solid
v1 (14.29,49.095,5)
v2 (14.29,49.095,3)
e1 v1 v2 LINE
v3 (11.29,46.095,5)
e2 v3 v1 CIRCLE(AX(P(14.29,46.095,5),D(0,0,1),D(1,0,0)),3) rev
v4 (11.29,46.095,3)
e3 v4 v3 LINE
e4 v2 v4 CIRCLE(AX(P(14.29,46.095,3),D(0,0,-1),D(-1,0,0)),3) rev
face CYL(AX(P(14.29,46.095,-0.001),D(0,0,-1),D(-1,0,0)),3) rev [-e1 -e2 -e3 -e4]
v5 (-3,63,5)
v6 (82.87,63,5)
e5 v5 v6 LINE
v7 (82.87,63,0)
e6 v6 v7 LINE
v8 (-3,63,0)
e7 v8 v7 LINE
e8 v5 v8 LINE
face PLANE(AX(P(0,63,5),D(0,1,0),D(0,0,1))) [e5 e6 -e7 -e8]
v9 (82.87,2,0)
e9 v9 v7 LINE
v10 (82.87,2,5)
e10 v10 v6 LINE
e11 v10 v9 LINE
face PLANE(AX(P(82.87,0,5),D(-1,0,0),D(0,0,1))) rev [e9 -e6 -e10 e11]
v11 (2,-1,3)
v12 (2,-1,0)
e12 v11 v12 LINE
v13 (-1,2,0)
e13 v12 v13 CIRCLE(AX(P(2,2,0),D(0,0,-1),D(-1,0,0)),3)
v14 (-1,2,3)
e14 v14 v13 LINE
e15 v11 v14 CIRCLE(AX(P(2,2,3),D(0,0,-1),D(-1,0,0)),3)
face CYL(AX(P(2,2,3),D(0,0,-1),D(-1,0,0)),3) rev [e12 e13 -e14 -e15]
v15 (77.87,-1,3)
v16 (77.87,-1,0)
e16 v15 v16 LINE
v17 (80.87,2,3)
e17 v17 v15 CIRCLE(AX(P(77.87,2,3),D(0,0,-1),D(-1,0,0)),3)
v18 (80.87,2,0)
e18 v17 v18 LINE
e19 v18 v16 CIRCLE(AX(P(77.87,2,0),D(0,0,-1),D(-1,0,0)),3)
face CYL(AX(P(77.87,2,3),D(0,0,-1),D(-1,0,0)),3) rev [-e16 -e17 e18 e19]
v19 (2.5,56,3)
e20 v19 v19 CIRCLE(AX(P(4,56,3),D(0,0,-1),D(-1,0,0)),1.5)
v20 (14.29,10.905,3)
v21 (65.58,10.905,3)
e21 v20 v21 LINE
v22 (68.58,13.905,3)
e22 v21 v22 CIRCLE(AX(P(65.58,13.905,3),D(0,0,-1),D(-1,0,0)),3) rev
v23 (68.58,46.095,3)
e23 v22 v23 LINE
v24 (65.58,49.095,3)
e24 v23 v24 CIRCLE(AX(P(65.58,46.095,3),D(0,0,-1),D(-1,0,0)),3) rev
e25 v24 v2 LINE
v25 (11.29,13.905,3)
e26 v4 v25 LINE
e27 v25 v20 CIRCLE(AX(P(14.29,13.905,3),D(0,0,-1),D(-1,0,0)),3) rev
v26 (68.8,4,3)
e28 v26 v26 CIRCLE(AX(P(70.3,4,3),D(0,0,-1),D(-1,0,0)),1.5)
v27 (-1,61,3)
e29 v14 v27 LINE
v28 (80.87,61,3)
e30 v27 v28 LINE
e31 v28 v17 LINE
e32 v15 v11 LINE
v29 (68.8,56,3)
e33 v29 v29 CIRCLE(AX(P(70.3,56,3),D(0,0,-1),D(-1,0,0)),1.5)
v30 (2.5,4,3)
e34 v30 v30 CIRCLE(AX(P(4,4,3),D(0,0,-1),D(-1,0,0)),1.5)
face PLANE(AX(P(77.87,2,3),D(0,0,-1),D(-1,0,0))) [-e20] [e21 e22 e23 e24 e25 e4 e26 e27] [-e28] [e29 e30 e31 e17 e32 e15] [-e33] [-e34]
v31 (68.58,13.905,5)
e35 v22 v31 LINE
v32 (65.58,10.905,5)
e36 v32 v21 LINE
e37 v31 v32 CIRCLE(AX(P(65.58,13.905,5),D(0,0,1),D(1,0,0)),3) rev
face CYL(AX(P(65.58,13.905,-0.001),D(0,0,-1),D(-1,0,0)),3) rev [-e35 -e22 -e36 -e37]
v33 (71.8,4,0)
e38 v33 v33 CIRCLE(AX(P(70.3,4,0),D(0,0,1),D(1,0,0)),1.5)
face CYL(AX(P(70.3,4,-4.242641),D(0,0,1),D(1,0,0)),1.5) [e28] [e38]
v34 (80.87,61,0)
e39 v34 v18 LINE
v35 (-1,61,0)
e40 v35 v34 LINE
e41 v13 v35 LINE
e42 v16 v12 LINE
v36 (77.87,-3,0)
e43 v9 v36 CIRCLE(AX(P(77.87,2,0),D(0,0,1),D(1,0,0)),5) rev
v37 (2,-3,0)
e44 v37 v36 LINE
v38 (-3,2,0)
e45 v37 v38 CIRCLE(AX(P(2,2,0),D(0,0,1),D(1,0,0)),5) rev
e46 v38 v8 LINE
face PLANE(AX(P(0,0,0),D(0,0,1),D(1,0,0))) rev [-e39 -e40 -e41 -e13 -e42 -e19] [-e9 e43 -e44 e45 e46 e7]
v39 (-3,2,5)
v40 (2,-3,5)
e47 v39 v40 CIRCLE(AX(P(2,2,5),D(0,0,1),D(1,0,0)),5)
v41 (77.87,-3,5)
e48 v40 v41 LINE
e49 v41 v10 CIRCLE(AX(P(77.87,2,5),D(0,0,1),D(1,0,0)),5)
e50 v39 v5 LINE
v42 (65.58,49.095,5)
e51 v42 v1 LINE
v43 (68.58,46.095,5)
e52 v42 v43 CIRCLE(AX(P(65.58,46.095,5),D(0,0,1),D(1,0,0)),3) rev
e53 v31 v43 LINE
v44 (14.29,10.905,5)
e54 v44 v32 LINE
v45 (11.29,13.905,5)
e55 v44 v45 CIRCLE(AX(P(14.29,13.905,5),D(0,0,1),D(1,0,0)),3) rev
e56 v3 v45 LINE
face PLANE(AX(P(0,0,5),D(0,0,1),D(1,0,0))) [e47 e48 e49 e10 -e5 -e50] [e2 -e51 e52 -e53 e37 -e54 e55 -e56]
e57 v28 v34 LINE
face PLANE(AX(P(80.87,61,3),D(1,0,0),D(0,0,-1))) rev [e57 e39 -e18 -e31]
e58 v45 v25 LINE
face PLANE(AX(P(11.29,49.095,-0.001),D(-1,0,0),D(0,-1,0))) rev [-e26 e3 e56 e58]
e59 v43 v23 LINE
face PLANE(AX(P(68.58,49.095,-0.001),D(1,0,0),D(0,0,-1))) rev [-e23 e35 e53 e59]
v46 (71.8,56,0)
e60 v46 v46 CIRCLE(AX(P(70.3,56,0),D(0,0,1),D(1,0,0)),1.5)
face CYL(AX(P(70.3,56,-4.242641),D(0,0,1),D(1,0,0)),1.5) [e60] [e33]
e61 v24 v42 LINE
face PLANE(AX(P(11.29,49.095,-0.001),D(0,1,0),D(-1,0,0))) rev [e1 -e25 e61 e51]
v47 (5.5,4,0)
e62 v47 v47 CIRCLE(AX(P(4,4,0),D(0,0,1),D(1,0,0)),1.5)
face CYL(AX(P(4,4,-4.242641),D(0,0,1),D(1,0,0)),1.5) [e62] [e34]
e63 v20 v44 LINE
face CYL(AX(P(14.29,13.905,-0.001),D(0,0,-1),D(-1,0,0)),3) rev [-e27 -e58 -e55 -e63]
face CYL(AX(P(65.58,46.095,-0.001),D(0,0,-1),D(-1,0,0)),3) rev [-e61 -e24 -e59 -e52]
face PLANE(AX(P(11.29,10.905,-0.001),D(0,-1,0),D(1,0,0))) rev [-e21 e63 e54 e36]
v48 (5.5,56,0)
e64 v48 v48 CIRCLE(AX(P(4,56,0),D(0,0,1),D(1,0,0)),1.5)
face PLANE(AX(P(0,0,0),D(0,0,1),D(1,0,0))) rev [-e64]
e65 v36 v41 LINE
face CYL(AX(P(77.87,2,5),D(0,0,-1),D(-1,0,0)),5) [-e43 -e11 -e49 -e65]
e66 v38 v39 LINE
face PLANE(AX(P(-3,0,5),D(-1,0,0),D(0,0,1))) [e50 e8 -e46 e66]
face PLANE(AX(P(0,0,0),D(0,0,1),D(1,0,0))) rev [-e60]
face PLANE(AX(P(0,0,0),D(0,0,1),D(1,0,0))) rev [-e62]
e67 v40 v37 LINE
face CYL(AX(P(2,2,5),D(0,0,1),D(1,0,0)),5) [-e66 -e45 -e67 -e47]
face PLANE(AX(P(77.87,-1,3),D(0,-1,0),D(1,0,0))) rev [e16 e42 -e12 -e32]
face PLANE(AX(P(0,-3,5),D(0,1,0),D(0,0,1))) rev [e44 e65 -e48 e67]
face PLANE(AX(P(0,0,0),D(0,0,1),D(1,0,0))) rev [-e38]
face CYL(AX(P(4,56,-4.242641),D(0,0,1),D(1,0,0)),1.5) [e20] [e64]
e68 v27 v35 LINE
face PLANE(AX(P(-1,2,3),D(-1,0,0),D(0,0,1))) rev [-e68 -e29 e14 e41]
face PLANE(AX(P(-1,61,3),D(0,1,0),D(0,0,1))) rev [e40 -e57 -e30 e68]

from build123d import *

# Parameters (mm, degrees)
SKETCH1_W           = 85.87
SKETCH1_H           = 66
BOSS_EXTRUDE2_DEPTH = 5
FILLET1_R           = 5
CUT_EXTRUDE2_DEPTH  = 3
CUT_EXTRUDE1_REACH  = 7
SKETCH2_W           = 57.29
SKETCH2_H           = 38.19
FILLET2_R           = 3
SKETCH3_R           = 1.5
BOSS_EXTRUDE3_DEPTH = 3


with BuildPart() as part:
    # Sketch1 → Boss-Extrude2 (new body)
    with BuildSketch(Plane.XY):
        with Locations((39.935, 30)):
            Rectangle(SKETCH1_W, SKETCH1_H)
    extrude(amount=BOSS_EXTRUDE2_DEPTH)

    # Fillet1
    fillet1_edges = [part.edges().sort_by_distance(p)[0] for p in [
        (82.87, -3, 2.5),
        (-3, -3, 2.5),
    ]]
    fillet(fillet1_edges, radius=FILLET1_R)

    # Sketch4 → Cut-Extrude2 (cut)
    with BuildSketch(Plane(origin=(0, 0, 0), x_dir=(-1, 0, 0), z_dir=(0, 0, -1))):
        with BuildLine():
            Line((-80.87, 61), (-80.87, 2))
            ThreePointArc((-80.87, 2), (-79.991320344, -0.121320344), (-77.87, -1))
            Line((-77.87, -1), (-2, -1))
            ThreePointArc((-2, -1), (0.121320344, -0.121320344), (1, 2))
            Line((1, 2), (1, 61))
            Line((1, 61), (-80.87, 61))
        make_face()
    extrude(amount=-CUT_EXTRUDE2_DEPTH, mode=Mode.SUBTRACT)

    # Sketch2 → Cut-Extrude1 (cut, up to next)
    with BuildSketch(Plane.XY.offset(5), mode=Mode.PRIVATE) as cut_extrude1_sk1:
        with Locations((39.935, 30)):
            Rectangle(SKETCH2_W, SKETCH2_H)
    cut_extrude1_tool1 = extrude(cut_extrude1_sk1.sketch, amount=-CUT_EXTRUDE1_REACH, mode=Mode.PRIVATE) & part.part
    add(cut_extrude1_tool1.solids().sort_by_distance((39.935, 30, 5))[0], mode=Mode.SUBTRACT)

    # Fillet2
    fillet2_edges = [part.edges().sort_by_distance(p)[0] for p in [
        (11.29, 10.905, 4),
        (11.29, 49.095, 4),
        (68.58, 49.095, 4),
        (68.58, 10.905, 4),
    ]]
    fillet(fillet2_edges, radius=FILLET2_R)

    # Sketch3 → Boss-Extrude3 (add)
    with BuildSketch(Plane(origin=(0, 0, 3), x_dir=(-1, 0, 0), z_dir=(0, 0, -1))):
        with Locations((-4, 4)):
            Circle(SKETCH3_R)
        with Locations((-4, 56)):
            Circle(SKETCH3_R)
        with Locations((-70.3, 56)):
            Circle(SKETCH3_R)
        with Locations((-70.3, 4)):
            Circle(SKETCH3_R)
    extrude(amount=BOSS_EXTRUDE3_DEPTH)


solid = part.part
